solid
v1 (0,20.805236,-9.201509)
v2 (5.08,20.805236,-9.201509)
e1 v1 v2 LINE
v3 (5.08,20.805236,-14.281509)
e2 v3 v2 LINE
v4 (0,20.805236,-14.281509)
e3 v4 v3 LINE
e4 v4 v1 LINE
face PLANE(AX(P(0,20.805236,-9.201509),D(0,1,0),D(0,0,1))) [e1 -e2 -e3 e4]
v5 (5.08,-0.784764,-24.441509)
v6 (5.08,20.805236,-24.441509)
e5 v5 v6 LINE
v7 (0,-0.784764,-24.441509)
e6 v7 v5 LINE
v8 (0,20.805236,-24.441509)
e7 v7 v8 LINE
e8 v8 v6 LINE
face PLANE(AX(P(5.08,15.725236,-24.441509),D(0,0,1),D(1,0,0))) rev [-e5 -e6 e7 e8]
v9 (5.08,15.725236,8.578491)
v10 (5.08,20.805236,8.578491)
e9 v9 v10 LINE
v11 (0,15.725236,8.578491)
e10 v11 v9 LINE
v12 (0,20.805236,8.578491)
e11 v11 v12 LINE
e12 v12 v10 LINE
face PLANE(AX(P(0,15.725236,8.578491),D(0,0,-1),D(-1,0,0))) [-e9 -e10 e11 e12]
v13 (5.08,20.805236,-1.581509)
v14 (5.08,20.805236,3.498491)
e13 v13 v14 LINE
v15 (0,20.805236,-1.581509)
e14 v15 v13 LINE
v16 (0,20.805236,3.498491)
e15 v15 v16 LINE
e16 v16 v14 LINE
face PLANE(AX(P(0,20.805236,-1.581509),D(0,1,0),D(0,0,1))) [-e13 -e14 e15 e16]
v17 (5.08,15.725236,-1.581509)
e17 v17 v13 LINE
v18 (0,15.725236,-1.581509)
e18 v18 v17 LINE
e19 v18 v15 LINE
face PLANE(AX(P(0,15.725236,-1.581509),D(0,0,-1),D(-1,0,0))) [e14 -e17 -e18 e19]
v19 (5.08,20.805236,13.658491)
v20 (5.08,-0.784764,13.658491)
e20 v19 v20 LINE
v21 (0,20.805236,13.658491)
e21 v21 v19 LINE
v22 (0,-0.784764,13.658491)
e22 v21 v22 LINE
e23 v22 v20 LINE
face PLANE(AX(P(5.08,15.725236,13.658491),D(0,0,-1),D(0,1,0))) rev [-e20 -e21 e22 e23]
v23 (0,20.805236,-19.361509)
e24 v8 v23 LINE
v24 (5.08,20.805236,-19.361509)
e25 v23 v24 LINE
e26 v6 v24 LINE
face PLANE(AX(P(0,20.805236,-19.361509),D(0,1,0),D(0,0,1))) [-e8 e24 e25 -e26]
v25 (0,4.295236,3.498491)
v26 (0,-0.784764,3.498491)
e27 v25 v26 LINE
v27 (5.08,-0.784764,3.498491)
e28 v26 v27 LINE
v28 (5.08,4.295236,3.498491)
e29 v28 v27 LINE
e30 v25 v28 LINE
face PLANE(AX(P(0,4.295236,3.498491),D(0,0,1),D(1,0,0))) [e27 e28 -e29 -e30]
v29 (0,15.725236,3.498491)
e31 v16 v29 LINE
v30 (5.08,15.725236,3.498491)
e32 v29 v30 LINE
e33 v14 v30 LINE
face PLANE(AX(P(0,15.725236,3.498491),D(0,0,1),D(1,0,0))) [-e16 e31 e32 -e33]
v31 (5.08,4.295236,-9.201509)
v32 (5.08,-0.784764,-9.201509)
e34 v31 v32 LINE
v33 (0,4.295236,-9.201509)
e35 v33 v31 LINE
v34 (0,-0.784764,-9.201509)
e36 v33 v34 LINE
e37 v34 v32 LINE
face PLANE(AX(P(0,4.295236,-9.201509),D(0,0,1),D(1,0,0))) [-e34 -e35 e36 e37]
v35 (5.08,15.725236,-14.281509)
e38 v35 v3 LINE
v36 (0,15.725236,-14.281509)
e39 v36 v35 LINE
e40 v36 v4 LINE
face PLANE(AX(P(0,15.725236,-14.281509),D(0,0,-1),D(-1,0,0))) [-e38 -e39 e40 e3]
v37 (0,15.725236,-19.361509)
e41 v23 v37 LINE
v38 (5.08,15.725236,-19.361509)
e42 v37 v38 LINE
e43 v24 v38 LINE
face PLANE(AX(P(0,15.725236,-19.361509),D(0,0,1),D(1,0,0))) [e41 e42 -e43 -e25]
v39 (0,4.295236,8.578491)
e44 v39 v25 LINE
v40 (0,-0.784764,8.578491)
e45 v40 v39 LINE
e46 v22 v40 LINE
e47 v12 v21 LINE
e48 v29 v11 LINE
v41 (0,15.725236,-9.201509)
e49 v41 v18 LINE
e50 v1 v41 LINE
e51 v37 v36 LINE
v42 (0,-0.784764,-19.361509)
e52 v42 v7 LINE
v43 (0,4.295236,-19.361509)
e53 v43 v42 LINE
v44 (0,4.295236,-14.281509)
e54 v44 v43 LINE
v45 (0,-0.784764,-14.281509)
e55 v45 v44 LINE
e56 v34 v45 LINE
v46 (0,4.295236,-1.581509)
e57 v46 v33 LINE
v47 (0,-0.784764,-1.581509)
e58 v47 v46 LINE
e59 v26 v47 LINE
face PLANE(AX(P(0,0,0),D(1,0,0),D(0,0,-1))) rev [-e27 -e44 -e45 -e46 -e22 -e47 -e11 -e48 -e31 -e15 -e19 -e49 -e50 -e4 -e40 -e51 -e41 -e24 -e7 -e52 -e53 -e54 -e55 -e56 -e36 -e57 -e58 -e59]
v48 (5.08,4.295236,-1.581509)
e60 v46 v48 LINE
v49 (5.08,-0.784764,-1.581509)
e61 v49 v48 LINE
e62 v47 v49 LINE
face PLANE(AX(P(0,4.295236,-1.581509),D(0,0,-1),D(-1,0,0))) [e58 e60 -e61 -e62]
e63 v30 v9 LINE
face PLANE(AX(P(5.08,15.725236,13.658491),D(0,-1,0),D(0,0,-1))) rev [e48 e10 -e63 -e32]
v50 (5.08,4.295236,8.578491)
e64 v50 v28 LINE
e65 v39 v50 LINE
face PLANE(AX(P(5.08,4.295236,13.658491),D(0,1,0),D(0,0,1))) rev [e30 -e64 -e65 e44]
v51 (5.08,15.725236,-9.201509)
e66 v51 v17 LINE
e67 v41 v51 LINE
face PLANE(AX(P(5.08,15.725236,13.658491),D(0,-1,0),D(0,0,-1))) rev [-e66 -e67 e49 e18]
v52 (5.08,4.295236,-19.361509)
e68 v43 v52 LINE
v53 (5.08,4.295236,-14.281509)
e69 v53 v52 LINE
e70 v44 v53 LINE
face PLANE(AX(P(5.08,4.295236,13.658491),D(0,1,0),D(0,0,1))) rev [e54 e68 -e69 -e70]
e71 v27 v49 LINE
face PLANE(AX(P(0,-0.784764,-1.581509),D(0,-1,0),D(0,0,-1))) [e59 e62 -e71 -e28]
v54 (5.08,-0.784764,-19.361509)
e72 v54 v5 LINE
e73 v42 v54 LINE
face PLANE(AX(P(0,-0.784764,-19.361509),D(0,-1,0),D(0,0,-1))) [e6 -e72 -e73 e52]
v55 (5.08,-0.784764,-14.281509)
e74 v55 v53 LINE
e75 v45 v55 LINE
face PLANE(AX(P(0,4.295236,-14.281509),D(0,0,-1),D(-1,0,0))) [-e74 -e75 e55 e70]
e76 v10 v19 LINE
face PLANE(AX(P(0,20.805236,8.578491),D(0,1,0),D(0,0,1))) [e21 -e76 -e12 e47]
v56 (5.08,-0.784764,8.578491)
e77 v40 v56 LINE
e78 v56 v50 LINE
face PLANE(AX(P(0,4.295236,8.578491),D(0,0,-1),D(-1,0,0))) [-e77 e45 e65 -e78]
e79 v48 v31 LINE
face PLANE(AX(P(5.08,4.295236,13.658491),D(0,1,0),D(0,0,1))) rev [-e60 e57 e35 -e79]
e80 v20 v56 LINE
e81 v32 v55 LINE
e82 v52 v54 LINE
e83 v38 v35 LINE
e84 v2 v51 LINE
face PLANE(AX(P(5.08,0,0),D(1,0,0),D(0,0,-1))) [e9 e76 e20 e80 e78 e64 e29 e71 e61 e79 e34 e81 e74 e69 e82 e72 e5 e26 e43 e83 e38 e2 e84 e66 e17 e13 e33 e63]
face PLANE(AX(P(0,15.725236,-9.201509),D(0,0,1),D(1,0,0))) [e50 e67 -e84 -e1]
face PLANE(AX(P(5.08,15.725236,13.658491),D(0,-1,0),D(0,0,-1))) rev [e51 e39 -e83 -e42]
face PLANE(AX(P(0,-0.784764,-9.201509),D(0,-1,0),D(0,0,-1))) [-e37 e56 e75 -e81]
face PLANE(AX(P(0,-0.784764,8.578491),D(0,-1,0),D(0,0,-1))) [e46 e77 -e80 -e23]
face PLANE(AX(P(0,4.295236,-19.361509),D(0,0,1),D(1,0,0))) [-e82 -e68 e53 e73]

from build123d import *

# Parameters (mm, degrees)
SKETCH1_W           = 38.1
SKETCH1_H           = 11.43
BOSS_EXTRUDE1_DEPTH = 5.08
SKETCH2_W           = 5.08
SKETCH2_H           = 5.08
BOSS_EXTRUDE2_DEPTH = 5.08


with BuildPart() as part:
    # Sketch1 → Boss-Extrude1 (new body)
    with BuildSketch(Plane(origin=(0, 0, 0), x_dir=(0, 0, -1), z_dir=(1, 0, 0))):
        with Locations((5.391509434, 10.010235849)):
            Rectangle(SKETCH1_W, SKETCH1_H)
    extrude(amount=BOSS_EXTRUDE1_DEPTH)

    # Sketch2 → Boss-Extrude2 (add)
    with BuildSketch(Plane(origin=(5.08, 0, 0), x_dir=(0, 0, -1), z_dir=(1, 0, 0))):
        with Locations((-11.118490566, 18.265235849)):
            Rectangle(SKETCH2_W, SKETCH2_H)
        with Locations((11.741509434, 18.265235849)):
            Rectangle(SKETCH2_W, SKETCH2_H)
        with Locations((21.901509434, 18.265235849)):
            Rectangle(SKETCH2_W, SKETCH2_H)
        with Locations((-0.958490566, 18.265235849)):
            Rectangle(SKETCH2_W, SKETCH2_H)
        with Locations((-0.958490566, 1.755235849)):
            Rectangle(SKETCH2_W, SKETCH2_H)
        with Locations((-11.118490566, 1.755235849)):
            Rectangle(SKETCH2_W, SKETCH2_H)
        with Locations((21.901509434, 1.755235849)):
            Rectangle(SKETCH2_W, SKETCH2_H)
        with Locations((11.741509434, 1.755235849)):
            Rectangle(SKETCH2_W, SKETCH2_H)
    extrude(amount=-BOSS_EXTRUDE2_DEPTH)


solid = part.part
